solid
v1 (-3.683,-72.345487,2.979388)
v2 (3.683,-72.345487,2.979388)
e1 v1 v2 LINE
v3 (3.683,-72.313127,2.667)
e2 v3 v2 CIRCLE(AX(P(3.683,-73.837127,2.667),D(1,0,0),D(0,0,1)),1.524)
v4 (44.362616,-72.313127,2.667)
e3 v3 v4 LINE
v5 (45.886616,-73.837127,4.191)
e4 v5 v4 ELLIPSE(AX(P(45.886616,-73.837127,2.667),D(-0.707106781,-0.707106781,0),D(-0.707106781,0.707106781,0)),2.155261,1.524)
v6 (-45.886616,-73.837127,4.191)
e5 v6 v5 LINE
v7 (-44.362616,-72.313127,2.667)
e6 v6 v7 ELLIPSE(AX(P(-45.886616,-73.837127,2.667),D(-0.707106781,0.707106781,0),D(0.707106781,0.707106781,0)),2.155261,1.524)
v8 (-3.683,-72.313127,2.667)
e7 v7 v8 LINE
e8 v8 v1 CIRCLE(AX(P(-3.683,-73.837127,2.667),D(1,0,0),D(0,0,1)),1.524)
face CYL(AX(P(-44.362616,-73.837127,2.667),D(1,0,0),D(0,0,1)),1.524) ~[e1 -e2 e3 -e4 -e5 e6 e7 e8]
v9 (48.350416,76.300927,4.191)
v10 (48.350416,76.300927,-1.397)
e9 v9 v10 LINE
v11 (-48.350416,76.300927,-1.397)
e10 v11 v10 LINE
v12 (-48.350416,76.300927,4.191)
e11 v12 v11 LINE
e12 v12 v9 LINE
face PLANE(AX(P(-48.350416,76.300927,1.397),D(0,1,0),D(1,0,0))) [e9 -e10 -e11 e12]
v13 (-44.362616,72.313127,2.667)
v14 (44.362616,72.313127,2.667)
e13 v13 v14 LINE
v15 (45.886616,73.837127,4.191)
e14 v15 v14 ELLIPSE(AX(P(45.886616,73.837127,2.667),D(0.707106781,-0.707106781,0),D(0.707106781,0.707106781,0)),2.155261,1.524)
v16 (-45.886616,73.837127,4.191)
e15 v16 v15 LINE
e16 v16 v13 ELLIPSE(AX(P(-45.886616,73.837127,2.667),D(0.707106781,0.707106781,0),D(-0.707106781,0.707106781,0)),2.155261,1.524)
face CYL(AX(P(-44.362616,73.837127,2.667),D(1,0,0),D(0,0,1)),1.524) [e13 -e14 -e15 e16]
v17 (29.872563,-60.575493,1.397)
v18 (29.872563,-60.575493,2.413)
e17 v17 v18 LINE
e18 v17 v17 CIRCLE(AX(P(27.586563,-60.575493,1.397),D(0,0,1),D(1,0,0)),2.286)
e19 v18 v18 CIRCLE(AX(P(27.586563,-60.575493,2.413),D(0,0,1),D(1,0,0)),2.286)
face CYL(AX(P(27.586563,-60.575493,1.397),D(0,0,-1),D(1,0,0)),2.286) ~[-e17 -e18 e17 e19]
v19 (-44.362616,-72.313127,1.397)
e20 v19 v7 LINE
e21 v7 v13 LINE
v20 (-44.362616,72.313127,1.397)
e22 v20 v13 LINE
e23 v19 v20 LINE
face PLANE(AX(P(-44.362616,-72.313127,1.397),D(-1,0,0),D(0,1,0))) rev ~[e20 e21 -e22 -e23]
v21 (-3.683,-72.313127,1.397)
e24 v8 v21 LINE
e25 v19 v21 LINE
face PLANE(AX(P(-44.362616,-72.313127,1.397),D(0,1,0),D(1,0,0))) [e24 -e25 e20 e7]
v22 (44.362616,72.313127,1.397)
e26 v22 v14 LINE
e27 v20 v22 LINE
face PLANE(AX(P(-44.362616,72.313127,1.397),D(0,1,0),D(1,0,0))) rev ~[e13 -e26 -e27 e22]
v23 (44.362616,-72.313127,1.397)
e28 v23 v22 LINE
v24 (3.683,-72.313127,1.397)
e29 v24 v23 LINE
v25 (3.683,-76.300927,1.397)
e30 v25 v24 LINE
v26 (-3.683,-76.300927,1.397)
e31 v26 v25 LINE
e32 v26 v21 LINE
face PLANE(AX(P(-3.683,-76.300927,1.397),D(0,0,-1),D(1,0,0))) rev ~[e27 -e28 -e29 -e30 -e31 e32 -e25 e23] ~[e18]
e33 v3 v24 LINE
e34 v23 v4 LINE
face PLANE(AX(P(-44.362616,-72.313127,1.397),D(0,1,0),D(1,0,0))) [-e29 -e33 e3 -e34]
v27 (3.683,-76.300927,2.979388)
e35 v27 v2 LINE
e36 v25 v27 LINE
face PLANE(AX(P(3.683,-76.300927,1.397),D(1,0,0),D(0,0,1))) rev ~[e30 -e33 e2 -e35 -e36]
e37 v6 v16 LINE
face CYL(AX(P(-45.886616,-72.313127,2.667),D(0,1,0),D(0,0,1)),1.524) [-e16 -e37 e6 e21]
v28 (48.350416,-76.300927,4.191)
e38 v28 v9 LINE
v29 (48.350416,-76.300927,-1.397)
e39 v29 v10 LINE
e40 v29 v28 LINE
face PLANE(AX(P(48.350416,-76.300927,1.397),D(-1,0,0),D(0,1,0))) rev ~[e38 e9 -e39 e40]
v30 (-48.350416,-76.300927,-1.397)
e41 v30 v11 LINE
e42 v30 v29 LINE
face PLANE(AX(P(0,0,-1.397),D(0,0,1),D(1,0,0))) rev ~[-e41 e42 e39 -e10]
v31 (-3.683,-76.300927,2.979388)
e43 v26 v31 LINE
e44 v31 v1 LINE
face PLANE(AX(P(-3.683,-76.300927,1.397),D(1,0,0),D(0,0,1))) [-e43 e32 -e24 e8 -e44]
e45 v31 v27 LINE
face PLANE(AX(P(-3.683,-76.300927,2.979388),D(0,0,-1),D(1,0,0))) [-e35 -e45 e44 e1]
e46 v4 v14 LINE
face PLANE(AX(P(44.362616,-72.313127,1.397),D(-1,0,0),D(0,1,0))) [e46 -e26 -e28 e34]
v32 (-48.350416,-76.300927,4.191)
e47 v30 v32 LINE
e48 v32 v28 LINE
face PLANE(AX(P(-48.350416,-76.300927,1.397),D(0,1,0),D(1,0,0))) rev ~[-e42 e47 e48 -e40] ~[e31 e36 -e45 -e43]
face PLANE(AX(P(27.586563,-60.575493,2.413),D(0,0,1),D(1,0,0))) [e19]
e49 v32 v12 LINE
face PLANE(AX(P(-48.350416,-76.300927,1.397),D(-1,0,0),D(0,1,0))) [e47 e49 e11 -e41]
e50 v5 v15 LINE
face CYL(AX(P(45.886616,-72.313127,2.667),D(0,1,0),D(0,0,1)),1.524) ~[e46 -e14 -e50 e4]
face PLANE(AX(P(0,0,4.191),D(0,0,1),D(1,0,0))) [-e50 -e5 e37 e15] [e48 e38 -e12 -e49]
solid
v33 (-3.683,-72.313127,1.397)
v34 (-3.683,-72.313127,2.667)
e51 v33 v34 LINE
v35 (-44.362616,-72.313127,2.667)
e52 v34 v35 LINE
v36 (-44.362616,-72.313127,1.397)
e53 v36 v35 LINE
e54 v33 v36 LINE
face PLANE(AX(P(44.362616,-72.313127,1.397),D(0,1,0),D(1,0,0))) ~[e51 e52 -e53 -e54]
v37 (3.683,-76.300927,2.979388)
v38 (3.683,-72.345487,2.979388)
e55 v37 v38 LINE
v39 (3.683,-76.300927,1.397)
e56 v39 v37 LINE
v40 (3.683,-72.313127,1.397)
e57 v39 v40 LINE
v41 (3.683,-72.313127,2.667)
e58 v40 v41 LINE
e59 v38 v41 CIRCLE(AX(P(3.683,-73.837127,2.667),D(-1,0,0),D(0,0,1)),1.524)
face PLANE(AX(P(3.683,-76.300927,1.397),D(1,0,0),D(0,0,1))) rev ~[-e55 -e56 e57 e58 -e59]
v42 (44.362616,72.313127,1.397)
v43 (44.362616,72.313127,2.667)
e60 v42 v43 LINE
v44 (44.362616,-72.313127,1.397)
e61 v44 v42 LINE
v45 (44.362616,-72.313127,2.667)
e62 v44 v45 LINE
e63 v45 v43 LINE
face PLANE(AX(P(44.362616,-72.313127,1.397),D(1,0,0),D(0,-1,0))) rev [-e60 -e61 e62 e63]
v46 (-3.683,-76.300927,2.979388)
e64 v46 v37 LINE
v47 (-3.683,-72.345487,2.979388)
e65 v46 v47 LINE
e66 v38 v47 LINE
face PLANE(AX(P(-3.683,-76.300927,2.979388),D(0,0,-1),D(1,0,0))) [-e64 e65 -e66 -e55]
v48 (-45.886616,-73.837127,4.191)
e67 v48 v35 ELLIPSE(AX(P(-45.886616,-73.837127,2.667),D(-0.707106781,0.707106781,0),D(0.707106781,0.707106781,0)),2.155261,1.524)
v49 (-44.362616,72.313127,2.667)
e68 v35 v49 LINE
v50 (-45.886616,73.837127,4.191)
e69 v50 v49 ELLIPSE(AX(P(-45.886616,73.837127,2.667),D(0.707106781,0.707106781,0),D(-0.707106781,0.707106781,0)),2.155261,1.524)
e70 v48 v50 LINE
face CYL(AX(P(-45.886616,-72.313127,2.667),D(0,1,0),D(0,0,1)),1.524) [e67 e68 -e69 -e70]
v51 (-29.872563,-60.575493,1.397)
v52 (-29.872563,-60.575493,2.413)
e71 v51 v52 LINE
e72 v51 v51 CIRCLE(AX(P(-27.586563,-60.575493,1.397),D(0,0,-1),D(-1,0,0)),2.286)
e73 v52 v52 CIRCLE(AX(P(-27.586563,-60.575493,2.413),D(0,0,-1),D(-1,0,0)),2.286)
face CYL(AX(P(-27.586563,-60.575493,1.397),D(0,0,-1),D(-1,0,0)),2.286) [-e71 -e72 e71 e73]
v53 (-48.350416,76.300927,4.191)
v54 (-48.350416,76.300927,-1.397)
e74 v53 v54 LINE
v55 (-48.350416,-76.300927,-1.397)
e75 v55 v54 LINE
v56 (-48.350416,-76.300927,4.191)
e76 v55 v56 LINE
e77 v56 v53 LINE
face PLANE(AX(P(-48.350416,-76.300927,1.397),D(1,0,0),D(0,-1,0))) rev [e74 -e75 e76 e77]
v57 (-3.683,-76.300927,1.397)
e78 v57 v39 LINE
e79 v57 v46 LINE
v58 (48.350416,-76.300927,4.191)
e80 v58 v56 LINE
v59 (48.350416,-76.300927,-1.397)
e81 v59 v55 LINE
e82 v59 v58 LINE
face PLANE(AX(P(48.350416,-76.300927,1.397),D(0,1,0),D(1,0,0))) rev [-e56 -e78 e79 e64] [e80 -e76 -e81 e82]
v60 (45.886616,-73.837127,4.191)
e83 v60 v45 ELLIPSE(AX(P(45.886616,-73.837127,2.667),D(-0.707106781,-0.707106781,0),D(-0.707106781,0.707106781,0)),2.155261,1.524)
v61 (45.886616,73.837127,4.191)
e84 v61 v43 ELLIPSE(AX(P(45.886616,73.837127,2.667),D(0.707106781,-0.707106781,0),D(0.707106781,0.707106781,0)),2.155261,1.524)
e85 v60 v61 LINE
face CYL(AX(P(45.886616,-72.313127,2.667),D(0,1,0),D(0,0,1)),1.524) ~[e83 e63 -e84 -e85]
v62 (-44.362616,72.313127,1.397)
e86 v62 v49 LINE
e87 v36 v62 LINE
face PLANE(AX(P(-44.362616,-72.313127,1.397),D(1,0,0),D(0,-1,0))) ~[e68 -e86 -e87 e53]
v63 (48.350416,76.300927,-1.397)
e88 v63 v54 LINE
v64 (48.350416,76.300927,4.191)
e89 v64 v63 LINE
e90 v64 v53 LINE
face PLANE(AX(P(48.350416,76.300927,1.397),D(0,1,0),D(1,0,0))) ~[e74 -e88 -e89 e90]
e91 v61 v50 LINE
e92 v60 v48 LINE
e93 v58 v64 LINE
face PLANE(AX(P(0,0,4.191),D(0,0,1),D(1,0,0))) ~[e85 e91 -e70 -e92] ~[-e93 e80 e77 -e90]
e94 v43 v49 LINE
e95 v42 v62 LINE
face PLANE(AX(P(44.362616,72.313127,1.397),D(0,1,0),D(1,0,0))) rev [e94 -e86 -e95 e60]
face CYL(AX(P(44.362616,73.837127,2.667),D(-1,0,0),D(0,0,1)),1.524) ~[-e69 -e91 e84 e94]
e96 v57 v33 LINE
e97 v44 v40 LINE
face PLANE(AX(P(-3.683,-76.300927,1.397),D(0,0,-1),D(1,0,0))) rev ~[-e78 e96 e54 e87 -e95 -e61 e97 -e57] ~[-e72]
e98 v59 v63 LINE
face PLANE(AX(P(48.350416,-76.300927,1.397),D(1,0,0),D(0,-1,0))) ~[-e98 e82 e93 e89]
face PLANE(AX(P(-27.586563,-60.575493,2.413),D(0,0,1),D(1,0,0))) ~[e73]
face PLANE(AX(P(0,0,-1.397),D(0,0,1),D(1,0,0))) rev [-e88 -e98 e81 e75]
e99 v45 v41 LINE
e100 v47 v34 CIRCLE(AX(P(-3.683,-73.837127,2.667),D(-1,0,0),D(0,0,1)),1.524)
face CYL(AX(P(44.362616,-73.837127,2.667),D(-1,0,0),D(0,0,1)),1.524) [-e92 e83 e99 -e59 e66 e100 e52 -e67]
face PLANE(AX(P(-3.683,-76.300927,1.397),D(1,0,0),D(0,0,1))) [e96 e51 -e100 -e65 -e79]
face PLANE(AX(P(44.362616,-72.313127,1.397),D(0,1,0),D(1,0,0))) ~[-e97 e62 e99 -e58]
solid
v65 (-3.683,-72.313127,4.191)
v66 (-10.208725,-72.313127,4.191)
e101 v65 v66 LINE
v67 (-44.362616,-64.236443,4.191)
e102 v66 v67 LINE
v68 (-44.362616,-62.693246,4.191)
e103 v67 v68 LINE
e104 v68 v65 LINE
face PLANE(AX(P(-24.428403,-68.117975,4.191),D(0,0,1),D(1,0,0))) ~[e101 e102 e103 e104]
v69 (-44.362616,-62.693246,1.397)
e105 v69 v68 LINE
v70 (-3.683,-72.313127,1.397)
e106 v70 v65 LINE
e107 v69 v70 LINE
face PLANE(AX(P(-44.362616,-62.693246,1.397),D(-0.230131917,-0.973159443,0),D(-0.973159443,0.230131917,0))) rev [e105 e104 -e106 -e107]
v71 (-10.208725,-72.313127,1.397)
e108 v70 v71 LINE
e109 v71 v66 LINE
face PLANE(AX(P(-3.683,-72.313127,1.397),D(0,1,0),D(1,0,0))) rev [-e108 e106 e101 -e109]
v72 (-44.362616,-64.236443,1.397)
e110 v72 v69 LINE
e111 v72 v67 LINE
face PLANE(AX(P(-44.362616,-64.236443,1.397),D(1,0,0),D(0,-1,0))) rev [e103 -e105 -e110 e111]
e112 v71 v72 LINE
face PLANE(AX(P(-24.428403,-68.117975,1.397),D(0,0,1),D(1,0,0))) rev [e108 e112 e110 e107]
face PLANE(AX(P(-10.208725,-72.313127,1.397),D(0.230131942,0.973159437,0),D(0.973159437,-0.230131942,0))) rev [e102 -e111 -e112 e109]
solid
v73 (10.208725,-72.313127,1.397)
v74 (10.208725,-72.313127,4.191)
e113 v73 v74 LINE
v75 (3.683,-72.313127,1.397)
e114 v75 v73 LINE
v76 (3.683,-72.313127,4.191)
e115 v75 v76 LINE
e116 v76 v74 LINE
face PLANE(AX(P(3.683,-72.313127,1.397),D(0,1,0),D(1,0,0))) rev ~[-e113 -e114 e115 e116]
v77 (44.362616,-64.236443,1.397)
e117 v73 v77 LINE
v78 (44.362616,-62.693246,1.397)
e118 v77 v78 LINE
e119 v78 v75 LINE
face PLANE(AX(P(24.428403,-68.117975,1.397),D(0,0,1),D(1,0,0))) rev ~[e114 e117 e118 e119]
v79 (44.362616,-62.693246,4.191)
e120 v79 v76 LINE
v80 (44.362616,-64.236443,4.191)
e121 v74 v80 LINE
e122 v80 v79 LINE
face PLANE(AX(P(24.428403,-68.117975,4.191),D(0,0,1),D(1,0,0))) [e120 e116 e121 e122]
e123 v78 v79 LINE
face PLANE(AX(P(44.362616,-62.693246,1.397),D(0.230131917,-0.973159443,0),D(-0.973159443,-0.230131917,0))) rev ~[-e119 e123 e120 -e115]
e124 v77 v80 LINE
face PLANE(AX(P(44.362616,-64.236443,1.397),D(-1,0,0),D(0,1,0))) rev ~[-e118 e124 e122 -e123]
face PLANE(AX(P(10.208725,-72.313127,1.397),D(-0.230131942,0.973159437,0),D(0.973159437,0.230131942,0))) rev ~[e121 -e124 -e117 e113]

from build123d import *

# Parameters (mm, degrees)
F0_W      = 96.700832
F0_H      = 152.601854
F1_DEPTH  = 1.397
F2_W      = 96.700832
F2_H      = 152.601854
F2_W_2    = 88.725232
F2_H_2    = 144.626254
F3_DEPTH  = 2.794
F4_R      = 1.524
F5_R      = 2.286
F6_DEPTH  = 1.016
F8_W      = 7.366
F8_H      = 1.582388
F9_DEPTH  = 25.4
F11_DEPTH = 2.794


with BuildPart() as f1:
    # F0 (on Top) → F1 (new body, symmetric)
    with BuildSketch(Plane.XY):
        Rectangle(F0_W, F0_H)
    extrude(amount=F1_DEPTH, both=True)

    # F2 (on face) → F3 (join)
    with BuildSketch(Plane.XY.offset(1.397)):
        Rectangle(F2_W, F2_H)
        Rectangle(F2_W_2, F2_H_2, mode=Mode.SUBTRACT)
    extrude(amount=F3_DEPTH)

    # F4
    f4_edges = [f1.edges().sort_by_distance(p)[0] for p in [
        (-44.362616, 0, 4.191),
        (0, 72.313127, 4.191),
        (44.362616, 0, 4.191),
        (0, -72.313127, 4.191),
    ]]
    fillet(f4_edges, radius=F4_R)

    # F5 (on face) → F6 (join)
    with BuildSketch(Plane.XY.offset(1.397)):
        with Locations((27.586563, -60.575493)):
            Circle(F5_R)
    extrude(amount=F6_DEPTH)


with BuildPart() as f7_1:
    # F7: instance of F1
    add(f1.part.mirror(Plane.YZ))


with BuildPart() as f9_tool:
    # F8 (on face) → F9 (new body)
    with BuildSketch(Plane.XZ.offset(76.300927)):
        with Locations((0, 2.188194)):
            Rectangle(F8_W, F8_H)
    extrude(amount=-F9_DEPTH)


with BuildPart() as f1_1:
    add(f1.part)

    # F9: cut by f9_tool
    add(f9_tool.part, mode=Mode.SUBTRACT)


with BuildPart() as f7_1_1:
    add(f7_1.part)

    # F9: cut by f9_tool
    add(f9_tool.part, mode=Mode.SUBTRACT)


with BuildPart() as f11:
    # F10 (on face) → F11 (new body)
    with BuildSketch(Plane.XY.offset(1.397)):
        Polygon((44.362616, -62.693246), (3.683, -72.313127), (10.208725, -72.313127), (44.362616, -64.236443), align=None)
    extrude(amount=F11_DEPTH)


with BuildPart() as f12_1:
    # F12: instance of F11
    add(f11.part.mirror(Plane.YZ))


solid = Compound([f1_1.part, f7_1_1.part, f11.part, f12_1.part])
